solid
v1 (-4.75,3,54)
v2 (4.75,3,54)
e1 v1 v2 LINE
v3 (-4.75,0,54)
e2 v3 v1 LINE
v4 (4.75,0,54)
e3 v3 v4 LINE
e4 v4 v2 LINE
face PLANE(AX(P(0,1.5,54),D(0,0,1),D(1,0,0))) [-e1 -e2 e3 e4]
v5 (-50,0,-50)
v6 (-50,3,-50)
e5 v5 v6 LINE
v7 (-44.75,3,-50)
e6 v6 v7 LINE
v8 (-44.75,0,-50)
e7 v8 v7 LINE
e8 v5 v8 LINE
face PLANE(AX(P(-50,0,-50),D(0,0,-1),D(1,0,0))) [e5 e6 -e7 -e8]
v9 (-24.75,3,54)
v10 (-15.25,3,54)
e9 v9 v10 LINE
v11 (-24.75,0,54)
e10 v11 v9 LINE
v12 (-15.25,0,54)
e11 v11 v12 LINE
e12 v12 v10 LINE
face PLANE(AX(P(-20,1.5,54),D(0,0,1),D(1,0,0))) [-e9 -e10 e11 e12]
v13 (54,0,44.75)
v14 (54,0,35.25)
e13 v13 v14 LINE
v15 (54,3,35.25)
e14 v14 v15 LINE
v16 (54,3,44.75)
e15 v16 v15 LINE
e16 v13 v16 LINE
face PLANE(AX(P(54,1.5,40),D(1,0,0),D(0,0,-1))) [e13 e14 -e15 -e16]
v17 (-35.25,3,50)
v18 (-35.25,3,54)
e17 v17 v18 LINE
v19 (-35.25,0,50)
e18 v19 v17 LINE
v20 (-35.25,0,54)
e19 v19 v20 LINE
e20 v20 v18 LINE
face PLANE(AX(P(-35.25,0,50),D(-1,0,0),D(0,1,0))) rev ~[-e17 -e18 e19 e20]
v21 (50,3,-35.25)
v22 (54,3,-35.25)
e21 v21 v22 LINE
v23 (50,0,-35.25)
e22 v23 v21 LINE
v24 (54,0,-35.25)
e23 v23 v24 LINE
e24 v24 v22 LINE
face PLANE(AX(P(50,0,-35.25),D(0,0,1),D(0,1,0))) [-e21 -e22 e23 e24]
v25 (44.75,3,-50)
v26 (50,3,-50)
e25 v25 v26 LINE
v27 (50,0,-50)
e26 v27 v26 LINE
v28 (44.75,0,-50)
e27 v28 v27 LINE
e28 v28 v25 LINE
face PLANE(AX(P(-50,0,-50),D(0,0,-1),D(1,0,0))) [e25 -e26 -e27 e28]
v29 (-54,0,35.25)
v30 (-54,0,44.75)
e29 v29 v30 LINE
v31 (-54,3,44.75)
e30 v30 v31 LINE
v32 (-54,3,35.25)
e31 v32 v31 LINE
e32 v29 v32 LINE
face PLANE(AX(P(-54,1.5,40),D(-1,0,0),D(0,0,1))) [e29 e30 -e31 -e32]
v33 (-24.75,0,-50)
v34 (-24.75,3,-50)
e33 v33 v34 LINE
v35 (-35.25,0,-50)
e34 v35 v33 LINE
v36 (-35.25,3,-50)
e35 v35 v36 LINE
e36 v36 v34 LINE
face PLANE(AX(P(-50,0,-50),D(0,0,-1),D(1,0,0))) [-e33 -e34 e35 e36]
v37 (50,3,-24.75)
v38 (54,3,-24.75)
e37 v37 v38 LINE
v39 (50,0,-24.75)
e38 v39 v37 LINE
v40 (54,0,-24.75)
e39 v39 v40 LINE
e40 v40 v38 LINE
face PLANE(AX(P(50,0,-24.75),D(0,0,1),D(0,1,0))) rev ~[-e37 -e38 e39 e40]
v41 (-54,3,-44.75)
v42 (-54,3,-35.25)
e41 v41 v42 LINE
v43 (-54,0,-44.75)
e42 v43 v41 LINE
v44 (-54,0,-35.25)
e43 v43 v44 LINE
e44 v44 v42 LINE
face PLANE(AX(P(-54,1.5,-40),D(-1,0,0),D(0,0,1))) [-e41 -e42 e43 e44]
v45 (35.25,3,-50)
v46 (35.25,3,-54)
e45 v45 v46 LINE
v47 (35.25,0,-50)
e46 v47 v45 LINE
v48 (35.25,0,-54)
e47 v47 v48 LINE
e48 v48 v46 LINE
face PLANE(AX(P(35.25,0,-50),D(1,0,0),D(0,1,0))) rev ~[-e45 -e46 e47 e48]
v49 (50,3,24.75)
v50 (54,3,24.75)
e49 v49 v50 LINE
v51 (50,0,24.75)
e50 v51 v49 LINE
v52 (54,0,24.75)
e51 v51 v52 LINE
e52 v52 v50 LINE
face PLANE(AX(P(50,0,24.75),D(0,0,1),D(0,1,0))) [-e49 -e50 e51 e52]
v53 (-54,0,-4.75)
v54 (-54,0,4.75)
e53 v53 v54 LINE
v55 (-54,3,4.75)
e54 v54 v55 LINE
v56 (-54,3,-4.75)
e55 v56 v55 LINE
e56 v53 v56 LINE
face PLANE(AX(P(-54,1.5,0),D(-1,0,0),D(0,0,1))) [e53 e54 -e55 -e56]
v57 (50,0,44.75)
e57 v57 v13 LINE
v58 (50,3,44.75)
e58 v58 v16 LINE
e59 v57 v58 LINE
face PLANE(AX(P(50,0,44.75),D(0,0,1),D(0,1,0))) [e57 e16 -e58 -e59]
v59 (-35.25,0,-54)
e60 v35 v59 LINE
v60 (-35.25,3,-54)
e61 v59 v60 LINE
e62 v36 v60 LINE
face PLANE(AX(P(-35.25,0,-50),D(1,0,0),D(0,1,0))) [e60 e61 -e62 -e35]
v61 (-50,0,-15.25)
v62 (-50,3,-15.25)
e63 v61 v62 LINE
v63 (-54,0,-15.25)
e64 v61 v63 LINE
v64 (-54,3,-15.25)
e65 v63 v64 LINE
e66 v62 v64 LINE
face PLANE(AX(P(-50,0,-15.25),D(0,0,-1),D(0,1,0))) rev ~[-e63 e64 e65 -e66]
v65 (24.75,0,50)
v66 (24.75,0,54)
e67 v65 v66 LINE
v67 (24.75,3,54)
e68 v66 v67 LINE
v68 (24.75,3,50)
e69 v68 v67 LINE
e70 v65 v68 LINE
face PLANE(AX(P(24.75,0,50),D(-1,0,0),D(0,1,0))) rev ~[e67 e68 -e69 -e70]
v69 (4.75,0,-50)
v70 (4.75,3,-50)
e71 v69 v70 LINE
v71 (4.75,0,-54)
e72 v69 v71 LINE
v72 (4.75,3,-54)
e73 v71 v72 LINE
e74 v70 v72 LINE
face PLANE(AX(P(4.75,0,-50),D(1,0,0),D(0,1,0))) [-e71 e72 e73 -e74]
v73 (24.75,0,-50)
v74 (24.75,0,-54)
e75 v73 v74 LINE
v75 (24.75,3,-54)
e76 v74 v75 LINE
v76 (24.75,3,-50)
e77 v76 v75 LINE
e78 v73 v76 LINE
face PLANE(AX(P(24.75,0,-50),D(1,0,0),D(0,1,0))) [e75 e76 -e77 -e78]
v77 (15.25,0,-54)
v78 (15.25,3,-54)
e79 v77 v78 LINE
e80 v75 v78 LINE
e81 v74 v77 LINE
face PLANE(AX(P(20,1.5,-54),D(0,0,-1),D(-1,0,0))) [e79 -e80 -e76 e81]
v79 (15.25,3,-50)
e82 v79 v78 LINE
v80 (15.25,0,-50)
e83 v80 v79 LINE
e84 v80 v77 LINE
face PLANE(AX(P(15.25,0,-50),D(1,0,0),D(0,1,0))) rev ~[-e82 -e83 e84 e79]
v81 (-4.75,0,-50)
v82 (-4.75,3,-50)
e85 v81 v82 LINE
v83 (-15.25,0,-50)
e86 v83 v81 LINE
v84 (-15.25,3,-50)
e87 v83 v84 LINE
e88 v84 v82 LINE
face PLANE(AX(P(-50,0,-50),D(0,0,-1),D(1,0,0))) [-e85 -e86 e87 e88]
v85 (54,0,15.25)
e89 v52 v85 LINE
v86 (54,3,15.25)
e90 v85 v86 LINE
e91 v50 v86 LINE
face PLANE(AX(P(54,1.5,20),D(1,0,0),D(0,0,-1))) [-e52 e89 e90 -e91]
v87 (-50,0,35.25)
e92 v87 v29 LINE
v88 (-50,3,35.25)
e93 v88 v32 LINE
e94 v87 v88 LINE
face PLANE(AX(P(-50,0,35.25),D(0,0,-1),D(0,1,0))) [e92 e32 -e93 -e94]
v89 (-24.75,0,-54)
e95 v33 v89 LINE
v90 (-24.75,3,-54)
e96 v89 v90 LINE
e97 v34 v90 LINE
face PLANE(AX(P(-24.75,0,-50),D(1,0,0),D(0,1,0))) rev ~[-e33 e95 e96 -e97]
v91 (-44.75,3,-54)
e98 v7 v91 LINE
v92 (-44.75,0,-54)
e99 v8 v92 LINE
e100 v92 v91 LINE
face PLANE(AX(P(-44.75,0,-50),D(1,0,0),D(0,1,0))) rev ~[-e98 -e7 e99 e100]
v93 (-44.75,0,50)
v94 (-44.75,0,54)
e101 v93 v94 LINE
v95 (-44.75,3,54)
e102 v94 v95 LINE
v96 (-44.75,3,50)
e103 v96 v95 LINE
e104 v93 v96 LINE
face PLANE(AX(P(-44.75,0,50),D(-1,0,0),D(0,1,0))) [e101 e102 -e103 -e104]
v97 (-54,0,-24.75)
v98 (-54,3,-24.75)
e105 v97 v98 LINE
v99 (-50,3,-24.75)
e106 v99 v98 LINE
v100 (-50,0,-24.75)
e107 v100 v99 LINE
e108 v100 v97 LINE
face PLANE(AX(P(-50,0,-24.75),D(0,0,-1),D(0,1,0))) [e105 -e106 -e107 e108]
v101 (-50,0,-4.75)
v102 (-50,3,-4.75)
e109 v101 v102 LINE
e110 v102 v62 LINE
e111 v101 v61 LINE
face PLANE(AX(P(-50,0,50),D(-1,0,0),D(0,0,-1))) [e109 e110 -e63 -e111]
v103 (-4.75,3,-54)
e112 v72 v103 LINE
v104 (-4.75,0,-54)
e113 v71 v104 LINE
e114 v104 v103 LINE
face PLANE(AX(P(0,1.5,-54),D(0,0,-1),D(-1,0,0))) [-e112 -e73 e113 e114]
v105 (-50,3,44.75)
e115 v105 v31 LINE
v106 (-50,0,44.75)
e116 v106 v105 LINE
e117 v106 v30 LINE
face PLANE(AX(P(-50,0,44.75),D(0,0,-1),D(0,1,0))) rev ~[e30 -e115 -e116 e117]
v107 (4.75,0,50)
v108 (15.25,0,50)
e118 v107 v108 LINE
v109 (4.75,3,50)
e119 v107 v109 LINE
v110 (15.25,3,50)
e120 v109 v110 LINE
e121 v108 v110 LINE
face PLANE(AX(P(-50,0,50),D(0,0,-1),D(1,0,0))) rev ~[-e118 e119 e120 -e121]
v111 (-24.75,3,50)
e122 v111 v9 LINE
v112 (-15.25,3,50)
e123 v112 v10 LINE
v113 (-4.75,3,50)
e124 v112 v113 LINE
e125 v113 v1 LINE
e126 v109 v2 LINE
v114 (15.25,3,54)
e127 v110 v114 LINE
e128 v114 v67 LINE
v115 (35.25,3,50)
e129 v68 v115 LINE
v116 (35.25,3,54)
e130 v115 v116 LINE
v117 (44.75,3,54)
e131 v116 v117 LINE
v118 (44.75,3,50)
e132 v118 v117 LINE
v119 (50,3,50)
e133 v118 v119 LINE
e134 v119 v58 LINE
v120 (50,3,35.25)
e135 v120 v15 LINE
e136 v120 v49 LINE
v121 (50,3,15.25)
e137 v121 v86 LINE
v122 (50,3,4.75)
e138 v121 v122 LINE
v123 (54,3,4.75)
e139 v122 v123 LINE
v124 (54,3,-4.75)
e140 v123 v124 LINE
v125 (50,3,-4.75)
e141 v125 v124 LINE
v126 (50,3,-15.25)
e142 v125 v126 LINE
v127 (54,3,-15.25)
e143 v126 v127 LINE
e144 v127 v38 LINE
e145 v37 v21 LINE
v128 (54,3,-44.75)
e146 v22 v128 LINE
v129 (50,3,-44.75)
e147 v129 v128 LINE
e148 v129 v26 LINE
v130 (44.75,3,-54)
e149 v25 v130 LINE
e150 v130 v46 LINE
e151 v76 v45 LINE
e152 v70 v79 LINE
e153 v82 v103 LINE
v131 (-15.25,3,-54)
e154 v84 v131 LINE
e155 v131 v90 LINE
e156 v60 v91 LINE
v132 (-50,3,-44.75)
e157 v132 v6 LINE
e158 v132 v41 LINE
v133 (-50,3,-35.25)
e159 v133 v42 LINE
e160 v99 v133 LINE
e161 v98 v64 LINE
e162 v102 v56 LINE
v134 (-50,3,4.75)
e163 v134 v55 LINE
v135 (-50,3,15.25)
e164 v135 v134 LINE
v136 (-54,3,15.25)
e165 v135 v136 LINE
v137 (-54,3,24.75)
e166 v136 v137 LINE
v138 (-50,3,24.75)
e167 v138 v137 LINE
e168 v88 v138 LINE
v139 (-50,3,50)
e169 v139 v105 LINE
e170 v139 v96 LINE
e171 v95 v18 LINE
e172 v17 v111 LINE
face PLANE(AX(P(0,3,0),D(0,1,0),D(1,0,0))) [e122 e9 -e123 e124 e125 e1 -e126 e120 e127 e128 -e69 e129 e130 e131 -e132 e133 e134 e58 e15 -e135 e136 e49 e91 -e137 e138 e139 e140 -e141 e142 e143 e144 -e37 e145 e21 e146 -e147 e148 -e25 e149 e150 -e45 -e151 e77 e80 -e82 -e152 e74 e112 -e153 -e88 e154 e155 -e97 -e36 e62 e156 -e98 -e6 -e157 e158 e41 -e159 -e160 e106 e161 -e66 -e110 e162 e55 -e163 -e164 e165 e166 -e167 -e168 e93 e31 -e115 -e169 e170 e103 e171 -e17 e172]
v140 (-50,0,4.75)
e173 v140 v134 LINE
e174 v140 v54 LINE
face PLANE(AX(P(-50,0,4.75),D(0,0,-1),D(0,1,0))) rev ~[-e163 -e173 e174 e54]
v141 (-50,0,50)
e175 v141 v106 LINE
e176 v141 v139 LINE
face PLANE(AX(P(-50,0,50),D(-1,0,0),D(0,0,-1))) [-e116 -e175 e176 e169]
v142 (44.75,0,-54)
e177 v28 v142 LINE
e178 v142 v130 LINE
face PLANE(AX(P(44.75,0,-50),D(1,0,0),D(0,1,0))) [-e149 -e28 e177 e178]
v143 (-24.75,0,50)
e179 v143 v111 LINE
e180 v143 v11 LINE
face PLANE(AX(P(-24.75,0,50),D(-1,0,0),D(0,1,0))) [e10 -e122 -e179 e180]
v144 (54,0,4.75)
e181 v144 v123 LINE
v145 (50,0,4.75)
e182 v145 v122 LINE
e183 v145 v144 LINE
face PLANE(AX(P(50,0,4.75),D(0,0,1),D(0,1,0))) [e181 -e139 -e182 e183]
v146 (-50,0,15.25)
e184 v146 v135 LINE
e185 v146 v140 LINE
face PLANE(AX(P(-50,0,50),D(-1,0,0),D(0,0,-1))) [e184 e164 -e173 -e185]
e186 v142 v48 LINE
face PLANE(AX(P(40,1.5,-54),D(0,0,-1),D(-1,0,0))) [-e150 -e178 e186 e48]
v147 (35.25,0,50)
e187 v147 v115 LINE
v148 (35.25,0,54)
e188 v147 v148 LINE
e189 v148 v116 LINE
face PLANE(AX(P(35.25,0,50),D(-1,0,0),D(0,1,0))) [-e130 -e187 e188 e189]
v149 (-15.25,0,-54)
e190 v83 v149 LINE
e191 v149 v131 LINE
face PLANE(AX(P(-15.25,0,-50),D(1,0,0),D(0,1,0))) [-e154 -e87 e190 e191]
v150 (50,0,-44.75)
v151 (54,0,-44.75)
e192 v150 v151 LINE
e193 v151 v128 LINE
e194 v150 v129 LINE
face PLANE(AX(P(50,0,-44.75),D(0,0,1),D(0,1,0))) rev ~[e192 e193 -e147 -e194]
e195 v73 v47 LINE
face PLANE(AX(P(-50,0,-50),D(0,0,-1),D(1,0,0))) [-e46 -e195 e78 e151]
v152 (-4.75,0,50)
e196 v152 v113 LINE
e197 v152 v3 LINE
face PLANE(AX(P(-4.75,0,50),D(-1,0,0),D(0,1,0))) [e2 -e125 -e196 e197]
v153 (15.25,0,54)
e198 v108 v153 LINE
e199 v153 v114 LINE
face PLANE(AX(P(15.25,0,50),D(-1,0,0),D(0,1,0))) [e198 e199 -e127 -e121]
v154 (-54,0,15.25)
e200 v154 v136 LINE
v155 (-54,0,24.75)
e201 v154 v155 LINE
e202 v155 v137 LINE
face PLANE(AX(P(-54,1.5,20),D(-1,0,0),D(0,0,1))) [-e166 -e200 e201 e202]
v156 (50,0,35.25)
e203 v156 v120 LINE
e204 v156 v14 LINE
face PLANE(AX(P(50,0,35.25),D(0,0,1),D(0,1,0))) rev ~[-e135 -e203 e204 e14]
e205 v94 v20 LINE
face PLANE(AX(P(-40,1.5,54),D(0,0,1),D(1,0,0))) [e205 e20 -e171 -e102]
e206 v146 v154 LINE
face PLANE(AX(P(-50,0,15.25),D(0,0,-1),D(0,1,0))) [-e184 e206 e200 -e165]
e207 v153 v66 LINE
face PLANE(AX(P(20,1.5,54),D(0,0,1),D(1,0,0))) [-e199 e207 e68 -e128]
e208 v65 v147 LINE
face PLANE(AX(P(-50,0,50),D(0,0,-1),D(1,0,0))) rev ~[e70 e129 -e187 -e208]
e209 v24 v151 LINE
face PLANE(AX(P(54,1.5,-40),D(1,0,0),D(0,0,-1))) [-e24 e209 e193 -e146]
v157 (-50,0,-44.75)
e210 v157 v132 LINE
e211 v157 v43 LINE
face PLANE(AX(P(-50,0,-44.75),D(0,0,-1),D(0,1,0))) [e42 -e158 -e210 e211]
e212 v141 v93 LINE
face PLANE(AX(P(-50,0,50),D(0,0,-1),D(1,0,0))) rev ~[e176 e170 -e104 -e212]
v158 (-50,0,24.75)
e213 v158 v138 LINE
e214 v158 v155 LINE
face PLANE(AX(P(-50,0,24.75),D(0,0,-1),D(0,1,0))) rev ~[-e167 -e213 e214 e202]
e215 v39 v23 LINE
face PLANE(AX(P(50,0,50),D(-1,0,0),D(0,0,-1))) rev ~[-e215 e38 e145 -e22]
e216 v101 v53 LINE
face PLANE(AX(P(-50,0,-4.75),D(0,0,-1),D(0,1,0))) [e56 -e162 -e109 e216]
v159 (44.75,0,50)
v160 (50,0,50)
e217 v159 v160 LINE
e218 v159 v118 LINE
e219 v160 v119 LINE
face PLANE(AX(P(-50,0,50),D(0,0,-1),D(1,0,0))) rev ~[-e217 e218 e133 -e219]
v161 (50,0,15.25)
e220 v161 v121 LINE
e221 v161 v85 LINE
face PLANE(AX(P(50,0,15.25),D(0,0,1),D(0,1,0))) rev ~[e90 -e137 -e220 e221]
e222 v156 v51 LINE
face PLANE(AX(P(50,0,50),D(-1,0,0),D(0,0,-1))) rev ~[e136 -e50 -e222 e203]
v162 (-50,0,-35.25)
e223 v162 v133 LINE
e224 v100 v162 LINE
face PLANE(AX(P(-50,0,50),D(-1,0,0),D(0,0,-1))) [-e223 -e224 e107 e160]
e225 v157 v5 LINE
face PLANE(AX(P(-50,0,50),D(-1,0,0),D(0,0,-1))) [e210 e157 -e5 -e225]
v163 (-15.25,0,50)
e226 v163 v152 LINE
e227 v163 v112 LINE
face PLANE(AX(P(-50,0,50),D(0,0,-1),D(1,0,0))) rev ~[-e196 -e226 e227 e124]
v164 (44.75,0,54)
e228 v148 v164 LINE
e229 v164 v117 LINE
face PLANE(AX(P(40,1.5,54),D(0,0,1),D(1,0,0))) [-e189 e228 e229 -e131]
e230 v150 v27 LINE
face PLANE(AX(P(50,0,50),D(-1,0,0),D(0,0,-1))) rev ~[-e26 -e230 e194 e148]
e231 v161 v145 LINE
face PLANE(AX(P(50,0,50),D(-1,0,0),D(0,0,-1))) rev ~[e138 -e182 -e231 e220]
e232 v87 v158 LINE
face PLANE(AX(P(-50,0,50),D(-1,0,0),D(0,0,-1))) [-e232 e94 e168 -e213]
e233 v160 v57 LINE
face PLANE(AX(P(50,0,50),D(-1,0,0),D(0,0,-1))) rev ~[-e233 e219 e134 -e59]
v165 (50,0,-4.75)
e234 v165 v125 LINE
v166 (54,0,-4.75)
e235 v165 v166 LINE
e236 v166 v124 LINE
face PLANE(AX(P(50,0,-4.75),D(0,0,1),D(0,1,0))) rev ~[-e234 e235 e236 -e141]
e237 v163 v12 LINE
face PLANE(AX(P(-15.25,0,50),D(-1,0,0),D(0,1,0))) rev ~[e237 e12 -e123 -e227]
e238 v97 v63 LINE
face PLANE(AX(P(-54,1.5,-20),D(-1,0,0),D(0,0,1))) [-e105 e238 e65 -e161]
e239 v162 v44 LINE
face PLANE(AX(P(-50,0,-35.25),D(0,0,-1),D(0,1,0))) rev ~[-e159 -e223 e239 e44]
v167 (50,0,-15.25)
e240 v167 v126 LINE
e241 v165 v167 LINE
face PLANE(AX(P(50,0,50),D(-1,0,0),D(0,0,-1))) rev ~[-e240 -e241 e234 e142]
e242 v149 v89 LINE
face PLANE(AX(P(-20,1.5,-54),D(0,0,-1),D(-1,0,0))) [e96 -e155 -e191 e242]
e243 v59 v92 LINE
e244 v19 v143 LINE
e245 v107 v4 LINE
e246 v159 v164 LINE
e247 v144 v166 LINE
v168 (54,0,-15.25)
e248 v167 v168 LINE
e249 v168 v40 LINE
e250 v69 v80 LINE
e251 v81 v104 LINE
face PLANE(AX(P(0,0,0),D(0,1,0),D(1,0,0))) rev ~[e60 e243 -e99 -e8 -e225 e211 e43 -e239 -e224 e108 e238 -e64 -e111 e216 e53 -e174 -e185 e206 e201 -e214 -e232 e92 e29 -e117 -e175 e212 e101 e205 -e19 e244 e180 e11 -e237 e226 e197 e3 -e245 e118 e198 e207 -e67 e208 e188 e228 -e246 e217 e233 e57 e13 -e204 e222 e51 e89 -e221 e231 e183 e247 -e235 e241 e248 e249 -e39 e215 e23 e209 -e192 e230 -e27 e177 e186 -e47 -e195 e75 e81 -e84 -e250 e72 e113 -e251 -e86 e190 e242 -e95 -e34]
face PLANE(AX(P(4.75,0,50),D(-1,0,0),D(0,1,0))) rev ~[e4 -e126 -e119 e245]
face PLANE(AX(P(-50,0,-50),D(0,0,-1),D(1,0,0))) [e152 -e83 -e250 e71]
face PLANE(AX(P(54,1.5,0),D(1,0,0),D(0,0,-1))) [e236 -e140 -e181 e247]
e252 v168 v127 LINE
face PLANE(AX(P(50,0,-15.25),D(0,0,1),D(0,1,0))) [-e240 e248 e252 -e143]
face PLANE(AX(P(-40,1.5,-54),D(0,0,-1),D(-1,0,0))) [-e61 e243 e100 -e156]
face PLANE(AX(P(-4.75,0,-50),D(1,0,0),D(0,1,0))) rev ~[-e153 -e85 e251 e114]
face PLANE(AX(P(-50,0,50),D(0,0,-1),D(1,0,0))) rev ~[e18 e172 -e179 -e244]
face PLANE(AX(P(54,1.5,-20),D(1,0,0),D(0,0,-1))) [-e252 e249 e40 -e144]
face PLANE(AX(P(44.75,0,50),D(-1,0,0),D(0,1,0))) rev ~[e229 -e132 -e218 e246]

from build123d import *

# Parameters (mm, degrees)
SKETCH2_W           = 100
SKETCH2_H           = 100
BOSS_EXTRUDE1_DEPTH = 3
SKETCH4_W           = 9.5
SKETCH4_H           = 3
BOSS_EXTRUDE2_DEPTH = 4
SKETCH5_W           = 9.5
SKETCH5_H           = 3
BOSS_EXTRUDE3_DEPTH = 4
SKETCH6_W           = 9.5
SKETCH6_H           = 3
BOSS_EXTRUDE4_DEPTH = 4
SKETCH7_W           = 9.5
SKETCH7_H           = 3
BOSS_EXTRUDE5_DEPTH = 4


with BuildPart() as part:
    # Sketch2 → Boss-Extrude1 (new body)
    with BuildSketch(Plane(origin=(0, 0, 0), x_dir=(1, 0, 0), z_dir=(0, 1, 0))):
        Rectangle(SKETCH2_W, SKETCH2_H)
    extrude(amount=BOSS_EXTRUDE1_DEPTH)

    # Sketch4 → Boss-Extrude2 (add)
    with BuildSketch(Plane.XY.offset(50)):
        with Locations((-40, 1.5)):
            Rectangle(SKETCH4_W, SKETCH4_H)
        with Locations((-20, 1.5)):
            Rectangle(SKETCH4_W, SKETCH4_H)
        with Locations((0, 1.5)):
            Rectangle(SKETCH4_W, SKETCH4_H)
        with Locations((20, 1.5)):
            Rectangle(SKETCH4_W, SKETCH4_H)
        with Locations((40, 1.5)):
            Rectangle(SKETCH4_W, SKETCH4_H)
    extrude(amount=BOSS_EXTRUDE2_DEPTH)

    # Sketch5 → Boss-Extrude3 (add)
    with BuildSketch(Plane.ZY.offset(50)):
        with Locations((-40, 1.5)):
            Rectangle(SKETCH5_W, SKETCH5_H)
        with Locations((-20, 1.5)):
            Rectangle(SKETCH5_W, SKETCH5_H)
        with Locations((0, 1.5)):
            Rectangle(SKETCH5_W, SKETCH5_H)
        with Locations((20, 1.5)):
            Rectangle(SKETCH5_W, SKETCH5_H)
        with Locations((40, 1.5)):
            Rectangle(SKETCH5_W, SKETCH5_H)
    extrude(amount=BOSS_EXTRUDE3_DEPTH)

    # Sketch6 → Boss-Extrude4 (add)
    with BuildSketch(Plane(origin=(50, 0, 0), x_dir=(0, 0, -1), z_dir=(1, 0, 0))):
        with Locations((-40, 1.5)):
            Rectangle(SKETCH6_W, SKETCH6_H)
        with Locations((-20, 1.5)):
            Rectangle(SKETCH6_W, SKETCH6_H)
        with Locations((0, 1.5)):
            Rectangle(SKETCH6_W, SKETCH6_H)
        with Locations((20, 1.5)):
            Rectangle(SKETCH6_W, SKETCH6_H)
        with Locations((40, 1.5)):
            Rectangle(SKETCH6_W, SKETCH6_H)
    extrude(amount=BOSS_EXTRUDE4_DEPTH)

    # Sketch7 → Boss-Extrude5 (add)
    with BuildSketch(Plane(origin=(0, 0, -50), x_dir=(-1, 0, 0), z_dir=(0, 0, -1))):
        with Locations((-40, 1.5)):
            Rectangle(SKETCH7_W, SKETCH7_H)
        with Locations((-20, 1.5)):
            Rectangle(SKETCH7_W, SKETCH7_H)
        with Locations((0, 1.5)):
            Rectangle(SKETCH7_W, SKETCH7_H)
        with Locations((20, 1.5)):
            Rectangle(SKETCH7_W, SKETCH7_H)
        with Locations((40, 1.5)):
            Rectangle(SKETCH7_W, SKETCH7_H)
    extrude(amount=BOSS_EXTRUDE5_DEPTH)


solid = part.part
